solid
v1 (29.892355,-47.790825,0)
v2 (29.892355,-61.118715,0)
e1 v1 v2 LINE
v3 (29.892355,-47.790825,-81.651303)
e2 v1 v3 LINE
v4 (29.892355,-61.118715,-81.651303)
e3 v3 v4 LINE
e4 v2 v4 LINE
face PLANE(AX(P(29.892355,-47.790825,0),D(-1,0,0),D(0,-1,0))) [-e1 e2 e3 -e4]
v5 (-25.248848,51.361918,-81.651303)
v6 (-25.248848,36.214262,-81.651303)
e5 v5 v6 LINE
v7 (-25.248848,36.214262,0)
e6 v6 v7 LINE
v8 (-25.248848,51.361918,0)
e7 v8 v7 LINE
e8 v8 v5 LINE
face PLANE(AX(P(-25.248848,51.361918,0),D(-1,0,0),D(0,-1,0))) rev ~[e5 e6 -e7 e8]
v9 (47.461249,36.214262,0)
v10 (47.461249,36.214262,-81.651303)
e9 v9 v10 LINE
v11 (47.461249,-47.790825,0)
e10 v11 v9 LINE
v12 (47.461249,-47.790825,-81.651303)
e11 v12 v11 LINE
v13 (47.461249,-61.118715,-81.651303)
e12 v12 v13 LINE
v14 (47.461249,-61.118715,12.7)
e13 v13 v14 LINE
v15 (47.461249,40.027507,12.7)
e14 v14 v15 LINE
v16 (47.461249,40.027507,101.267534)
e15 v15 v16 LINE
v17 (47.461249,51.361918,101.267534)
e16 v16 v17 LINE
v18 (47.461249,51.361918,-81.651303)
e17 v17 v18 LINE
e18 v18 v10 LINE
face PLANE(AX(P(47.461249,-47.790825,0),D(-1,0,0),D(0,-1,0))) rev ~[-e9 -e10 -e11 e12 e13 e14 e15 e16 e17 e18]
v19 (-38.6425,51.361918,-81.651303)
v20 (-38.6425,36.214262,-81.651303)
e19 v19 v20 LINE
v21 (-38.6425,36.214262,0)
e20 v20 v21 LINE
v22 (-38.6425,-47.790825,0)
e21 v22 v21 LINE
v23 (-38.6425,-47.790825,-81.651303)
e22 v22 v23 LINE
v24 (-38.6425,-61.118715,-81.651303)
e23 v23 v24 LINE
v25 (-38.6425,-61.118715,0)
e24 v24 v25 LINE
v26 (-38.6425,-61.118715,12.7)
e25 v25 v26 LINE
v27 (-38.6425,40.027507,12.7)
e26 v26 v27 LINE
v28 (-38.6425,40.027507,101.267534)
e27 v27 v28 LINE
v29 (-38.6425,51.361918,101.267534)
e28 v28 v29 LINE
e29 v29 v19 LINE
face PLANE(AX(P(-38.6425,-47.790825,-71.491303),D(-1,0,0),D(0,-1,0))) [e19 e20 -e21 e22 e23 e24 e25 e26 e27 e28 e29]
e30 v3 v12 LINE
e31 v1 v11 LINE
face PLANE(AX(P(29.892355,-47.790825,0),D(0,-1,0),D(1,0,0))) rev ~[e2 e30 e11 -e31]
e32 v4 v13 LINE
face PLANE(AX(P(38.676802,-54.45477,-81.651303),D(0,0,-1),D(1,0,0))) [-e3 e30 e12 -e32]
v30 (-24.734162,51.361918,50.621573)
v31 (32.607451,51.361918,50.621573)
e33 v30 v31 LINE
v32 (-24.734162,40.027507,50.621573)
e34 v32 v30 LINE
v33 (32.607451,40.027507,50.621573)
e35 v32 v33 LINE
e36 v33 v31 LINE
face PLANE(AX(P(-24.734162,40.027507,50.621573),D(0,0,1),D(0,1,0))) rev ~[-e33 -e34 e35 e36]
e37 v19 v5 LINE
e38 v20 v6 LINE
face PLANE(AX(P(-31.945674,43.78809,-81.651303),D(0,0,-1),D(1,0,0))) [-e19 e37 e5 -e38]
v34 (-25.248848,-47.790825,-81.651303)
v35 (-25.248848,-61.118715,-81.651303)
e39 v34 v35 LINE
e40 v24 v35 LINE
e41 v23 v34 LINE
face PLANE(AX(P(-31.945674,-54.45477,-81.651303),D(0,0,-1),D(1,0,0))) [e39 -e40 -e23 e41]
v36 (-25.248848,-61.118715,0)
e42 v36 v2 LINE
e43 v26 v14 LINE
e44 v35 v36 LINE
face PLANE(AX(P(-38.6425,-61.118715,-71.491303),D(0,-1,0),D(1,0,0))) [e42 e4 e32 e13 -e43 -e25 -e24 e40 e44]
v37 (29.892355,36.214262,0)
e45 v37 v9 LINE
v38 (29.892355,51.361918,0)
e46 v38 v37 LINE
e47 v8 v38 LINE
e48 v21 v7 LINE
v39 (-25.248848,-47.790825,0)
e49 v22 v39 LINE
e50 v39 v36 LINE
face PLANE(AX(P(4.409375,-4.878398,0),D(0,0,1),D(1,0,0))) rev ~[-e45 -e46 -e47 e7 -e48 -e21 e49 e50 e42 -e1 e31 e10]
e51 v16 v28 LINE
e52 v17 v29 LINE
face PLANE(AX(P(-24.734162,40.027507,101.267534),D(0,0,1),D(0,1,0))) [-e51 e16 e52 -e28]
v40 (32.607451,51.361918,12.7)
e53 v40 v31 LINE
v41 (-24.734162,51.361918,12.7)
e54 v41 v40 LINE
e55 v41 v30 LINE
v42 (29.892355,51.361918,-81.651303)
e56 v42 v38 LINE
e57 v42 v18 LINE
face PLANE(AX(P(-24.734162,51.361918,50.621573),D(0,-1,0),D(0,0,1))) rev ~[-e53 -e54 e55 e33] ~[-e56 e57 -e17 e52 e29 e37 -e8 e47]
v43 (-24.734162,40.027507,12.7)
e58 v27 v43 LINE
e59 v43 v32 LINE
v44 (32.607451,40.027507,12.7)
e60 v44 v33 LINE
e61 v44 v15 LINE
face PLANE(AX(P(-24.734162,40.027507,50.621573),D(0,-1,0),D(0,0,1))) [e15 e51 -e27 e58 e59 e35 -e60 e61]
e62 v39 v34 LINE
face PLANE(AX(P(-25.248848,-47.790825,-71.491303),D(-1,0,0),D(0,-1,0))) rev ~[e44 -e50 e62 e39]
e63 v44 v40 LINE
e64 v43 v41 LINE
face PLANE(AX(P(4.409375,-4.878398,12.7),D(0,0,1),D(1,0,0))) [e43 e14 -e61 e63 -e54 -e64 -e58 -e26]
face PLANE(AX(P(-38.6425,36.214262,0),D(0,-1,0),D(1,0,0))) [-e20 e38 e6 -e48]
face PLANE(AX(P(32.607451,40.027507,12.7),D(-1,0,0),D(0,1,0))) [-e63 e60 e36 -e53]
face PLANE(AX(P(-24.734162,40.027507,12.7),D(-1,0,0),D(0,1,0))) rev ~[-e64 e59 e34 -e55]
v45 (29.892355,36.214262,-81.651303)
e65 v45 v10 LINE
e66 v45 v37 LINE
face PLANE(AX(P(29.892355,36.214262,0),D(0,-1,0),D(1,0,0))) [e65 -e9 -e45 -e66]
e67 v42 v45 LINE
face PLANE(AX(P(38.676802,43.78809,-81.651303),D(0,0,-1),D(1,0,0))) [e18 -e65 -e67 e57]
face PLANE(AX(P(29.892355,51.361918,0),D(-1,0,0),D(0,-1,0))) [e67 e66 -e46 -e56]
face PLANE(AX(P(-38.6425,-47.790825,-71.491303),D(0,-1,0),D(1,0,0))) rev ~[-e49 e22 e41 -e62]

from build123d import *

# Parameters (mm, degrees)
F0_W     = 86.1037485301
F0_H     = 112.4806329608
F1_DEPTH = 12.7
F2_W     = 13.9083378017
F2_H     = 11.3344117999
F2_W_2   = 14.853797853
F3_DEPTH = 88.5675344616
F4_W     = 17.5688937306
F4_H     = 13.3278891444
F4_H_2   = 15.1476562023
F4_W_2   = 13.3936516941
F5_DEPTH = 71.4913029224
F6_W     = 11.3344117999
F6_H     = 50.6459615797
F7_DEPTH = 57.3416128755
F8_DEPTH = 10.16


with BuildPart() as f1:
    # F0 (on Top) → F1 (new body)
    with BuildSketch(Plane.XY):
        with Locations((4.4093746692, -4.878398031)):
            Rectangle(F0_W, F0_H)
    extrude(amount=F1_DEPTH)

    # F2 (on face) → F3 (join)
    with BuildSketch(Plane.XY.offset(12.7)):
        with Locations((-31.688330695, 45.6947125494)):
            Rectangle(F2_W, F2_H)
        with Locations((40.0343500078, 45.6947125494)):
            Rectangle(F2_W_2, F2_H)
    extrude(amount=F3_DEPTH)

    # F4 (on face) → F5 (join)
    with BuildSketch(Plane(origin=(0, 0, 0), x_dir=(1, 0, 0), z_dir=(0, 0, -1))):
        with Locations((38.6768020689, 54.4547699392)):
            Rectangle(F4_W, F4_H)
        with Locations((38.6768020689, -43.7880903482)):
            Rectangle(F4_W, F4_H_2)
        with Locations((-31.9456737489, -43.7880903482)):
            Rectangle(F4_W_2, F4_H_2)
        with Locations((-31.9456737489, 54.4547699392)):
            Rectangle(F4_W_2, F4_H)
    extrude(amount=F5_DEPTH)

    # F6 (on face) → F7 (join, through all)
    with BuildSketch(Plane.YZ.offset(-24.7341617942)):
        with Locations((45.6947125494, 75.9445536718)):
            Rectangle(F6_W, F6_H)
    extrude(amount=F7_DEPTH)

    # F8 (add): faces of the model
    f8_faces = [f1.faces().sort_by_distance(p)[0] for p in [
        (-31.9456737489, -54.4547699392, -71.4913029224),
        (38.6768020689, -54.4547699392, -71.4913029224),
        (38.6768020689, 43.7880903482, -71.4913029224),
        (-31.9456737489, 43.7880903482, -71.4913029224),
        (-31.9456737489, -54.4547699392, -71.4913029224),
        (38.6768020689, -54.4547699392, -71.4913029224),
        (38.6768020689, 43.7880903482, -71.4913029224),
        (-31.9456737489, 43.7880903482, -71.4913029224),
        (-31.9456737489, -54.4547699392, -71.4913029224),
        (38.6768020689, -54.4547699392, -71.4913029224),
        (38.6768020689, 43.7880903482, -71.4913029224),
        (-31.9456737489, 43.7880903482, -71.4913029224),
        (-31.9456737489, -54.4547699392, -71.4913029224),
        (38.6768020689, -54.4547699392, -71.4913029224),
        (38.6768020689, 43.7880903482, -71.4913029224),
        (-31.9456737489, 43.7880903482, -71.4913029224),
    ]]
    extrude(f8_faces, amount=F8_DEPTH)


solid = f1.part
